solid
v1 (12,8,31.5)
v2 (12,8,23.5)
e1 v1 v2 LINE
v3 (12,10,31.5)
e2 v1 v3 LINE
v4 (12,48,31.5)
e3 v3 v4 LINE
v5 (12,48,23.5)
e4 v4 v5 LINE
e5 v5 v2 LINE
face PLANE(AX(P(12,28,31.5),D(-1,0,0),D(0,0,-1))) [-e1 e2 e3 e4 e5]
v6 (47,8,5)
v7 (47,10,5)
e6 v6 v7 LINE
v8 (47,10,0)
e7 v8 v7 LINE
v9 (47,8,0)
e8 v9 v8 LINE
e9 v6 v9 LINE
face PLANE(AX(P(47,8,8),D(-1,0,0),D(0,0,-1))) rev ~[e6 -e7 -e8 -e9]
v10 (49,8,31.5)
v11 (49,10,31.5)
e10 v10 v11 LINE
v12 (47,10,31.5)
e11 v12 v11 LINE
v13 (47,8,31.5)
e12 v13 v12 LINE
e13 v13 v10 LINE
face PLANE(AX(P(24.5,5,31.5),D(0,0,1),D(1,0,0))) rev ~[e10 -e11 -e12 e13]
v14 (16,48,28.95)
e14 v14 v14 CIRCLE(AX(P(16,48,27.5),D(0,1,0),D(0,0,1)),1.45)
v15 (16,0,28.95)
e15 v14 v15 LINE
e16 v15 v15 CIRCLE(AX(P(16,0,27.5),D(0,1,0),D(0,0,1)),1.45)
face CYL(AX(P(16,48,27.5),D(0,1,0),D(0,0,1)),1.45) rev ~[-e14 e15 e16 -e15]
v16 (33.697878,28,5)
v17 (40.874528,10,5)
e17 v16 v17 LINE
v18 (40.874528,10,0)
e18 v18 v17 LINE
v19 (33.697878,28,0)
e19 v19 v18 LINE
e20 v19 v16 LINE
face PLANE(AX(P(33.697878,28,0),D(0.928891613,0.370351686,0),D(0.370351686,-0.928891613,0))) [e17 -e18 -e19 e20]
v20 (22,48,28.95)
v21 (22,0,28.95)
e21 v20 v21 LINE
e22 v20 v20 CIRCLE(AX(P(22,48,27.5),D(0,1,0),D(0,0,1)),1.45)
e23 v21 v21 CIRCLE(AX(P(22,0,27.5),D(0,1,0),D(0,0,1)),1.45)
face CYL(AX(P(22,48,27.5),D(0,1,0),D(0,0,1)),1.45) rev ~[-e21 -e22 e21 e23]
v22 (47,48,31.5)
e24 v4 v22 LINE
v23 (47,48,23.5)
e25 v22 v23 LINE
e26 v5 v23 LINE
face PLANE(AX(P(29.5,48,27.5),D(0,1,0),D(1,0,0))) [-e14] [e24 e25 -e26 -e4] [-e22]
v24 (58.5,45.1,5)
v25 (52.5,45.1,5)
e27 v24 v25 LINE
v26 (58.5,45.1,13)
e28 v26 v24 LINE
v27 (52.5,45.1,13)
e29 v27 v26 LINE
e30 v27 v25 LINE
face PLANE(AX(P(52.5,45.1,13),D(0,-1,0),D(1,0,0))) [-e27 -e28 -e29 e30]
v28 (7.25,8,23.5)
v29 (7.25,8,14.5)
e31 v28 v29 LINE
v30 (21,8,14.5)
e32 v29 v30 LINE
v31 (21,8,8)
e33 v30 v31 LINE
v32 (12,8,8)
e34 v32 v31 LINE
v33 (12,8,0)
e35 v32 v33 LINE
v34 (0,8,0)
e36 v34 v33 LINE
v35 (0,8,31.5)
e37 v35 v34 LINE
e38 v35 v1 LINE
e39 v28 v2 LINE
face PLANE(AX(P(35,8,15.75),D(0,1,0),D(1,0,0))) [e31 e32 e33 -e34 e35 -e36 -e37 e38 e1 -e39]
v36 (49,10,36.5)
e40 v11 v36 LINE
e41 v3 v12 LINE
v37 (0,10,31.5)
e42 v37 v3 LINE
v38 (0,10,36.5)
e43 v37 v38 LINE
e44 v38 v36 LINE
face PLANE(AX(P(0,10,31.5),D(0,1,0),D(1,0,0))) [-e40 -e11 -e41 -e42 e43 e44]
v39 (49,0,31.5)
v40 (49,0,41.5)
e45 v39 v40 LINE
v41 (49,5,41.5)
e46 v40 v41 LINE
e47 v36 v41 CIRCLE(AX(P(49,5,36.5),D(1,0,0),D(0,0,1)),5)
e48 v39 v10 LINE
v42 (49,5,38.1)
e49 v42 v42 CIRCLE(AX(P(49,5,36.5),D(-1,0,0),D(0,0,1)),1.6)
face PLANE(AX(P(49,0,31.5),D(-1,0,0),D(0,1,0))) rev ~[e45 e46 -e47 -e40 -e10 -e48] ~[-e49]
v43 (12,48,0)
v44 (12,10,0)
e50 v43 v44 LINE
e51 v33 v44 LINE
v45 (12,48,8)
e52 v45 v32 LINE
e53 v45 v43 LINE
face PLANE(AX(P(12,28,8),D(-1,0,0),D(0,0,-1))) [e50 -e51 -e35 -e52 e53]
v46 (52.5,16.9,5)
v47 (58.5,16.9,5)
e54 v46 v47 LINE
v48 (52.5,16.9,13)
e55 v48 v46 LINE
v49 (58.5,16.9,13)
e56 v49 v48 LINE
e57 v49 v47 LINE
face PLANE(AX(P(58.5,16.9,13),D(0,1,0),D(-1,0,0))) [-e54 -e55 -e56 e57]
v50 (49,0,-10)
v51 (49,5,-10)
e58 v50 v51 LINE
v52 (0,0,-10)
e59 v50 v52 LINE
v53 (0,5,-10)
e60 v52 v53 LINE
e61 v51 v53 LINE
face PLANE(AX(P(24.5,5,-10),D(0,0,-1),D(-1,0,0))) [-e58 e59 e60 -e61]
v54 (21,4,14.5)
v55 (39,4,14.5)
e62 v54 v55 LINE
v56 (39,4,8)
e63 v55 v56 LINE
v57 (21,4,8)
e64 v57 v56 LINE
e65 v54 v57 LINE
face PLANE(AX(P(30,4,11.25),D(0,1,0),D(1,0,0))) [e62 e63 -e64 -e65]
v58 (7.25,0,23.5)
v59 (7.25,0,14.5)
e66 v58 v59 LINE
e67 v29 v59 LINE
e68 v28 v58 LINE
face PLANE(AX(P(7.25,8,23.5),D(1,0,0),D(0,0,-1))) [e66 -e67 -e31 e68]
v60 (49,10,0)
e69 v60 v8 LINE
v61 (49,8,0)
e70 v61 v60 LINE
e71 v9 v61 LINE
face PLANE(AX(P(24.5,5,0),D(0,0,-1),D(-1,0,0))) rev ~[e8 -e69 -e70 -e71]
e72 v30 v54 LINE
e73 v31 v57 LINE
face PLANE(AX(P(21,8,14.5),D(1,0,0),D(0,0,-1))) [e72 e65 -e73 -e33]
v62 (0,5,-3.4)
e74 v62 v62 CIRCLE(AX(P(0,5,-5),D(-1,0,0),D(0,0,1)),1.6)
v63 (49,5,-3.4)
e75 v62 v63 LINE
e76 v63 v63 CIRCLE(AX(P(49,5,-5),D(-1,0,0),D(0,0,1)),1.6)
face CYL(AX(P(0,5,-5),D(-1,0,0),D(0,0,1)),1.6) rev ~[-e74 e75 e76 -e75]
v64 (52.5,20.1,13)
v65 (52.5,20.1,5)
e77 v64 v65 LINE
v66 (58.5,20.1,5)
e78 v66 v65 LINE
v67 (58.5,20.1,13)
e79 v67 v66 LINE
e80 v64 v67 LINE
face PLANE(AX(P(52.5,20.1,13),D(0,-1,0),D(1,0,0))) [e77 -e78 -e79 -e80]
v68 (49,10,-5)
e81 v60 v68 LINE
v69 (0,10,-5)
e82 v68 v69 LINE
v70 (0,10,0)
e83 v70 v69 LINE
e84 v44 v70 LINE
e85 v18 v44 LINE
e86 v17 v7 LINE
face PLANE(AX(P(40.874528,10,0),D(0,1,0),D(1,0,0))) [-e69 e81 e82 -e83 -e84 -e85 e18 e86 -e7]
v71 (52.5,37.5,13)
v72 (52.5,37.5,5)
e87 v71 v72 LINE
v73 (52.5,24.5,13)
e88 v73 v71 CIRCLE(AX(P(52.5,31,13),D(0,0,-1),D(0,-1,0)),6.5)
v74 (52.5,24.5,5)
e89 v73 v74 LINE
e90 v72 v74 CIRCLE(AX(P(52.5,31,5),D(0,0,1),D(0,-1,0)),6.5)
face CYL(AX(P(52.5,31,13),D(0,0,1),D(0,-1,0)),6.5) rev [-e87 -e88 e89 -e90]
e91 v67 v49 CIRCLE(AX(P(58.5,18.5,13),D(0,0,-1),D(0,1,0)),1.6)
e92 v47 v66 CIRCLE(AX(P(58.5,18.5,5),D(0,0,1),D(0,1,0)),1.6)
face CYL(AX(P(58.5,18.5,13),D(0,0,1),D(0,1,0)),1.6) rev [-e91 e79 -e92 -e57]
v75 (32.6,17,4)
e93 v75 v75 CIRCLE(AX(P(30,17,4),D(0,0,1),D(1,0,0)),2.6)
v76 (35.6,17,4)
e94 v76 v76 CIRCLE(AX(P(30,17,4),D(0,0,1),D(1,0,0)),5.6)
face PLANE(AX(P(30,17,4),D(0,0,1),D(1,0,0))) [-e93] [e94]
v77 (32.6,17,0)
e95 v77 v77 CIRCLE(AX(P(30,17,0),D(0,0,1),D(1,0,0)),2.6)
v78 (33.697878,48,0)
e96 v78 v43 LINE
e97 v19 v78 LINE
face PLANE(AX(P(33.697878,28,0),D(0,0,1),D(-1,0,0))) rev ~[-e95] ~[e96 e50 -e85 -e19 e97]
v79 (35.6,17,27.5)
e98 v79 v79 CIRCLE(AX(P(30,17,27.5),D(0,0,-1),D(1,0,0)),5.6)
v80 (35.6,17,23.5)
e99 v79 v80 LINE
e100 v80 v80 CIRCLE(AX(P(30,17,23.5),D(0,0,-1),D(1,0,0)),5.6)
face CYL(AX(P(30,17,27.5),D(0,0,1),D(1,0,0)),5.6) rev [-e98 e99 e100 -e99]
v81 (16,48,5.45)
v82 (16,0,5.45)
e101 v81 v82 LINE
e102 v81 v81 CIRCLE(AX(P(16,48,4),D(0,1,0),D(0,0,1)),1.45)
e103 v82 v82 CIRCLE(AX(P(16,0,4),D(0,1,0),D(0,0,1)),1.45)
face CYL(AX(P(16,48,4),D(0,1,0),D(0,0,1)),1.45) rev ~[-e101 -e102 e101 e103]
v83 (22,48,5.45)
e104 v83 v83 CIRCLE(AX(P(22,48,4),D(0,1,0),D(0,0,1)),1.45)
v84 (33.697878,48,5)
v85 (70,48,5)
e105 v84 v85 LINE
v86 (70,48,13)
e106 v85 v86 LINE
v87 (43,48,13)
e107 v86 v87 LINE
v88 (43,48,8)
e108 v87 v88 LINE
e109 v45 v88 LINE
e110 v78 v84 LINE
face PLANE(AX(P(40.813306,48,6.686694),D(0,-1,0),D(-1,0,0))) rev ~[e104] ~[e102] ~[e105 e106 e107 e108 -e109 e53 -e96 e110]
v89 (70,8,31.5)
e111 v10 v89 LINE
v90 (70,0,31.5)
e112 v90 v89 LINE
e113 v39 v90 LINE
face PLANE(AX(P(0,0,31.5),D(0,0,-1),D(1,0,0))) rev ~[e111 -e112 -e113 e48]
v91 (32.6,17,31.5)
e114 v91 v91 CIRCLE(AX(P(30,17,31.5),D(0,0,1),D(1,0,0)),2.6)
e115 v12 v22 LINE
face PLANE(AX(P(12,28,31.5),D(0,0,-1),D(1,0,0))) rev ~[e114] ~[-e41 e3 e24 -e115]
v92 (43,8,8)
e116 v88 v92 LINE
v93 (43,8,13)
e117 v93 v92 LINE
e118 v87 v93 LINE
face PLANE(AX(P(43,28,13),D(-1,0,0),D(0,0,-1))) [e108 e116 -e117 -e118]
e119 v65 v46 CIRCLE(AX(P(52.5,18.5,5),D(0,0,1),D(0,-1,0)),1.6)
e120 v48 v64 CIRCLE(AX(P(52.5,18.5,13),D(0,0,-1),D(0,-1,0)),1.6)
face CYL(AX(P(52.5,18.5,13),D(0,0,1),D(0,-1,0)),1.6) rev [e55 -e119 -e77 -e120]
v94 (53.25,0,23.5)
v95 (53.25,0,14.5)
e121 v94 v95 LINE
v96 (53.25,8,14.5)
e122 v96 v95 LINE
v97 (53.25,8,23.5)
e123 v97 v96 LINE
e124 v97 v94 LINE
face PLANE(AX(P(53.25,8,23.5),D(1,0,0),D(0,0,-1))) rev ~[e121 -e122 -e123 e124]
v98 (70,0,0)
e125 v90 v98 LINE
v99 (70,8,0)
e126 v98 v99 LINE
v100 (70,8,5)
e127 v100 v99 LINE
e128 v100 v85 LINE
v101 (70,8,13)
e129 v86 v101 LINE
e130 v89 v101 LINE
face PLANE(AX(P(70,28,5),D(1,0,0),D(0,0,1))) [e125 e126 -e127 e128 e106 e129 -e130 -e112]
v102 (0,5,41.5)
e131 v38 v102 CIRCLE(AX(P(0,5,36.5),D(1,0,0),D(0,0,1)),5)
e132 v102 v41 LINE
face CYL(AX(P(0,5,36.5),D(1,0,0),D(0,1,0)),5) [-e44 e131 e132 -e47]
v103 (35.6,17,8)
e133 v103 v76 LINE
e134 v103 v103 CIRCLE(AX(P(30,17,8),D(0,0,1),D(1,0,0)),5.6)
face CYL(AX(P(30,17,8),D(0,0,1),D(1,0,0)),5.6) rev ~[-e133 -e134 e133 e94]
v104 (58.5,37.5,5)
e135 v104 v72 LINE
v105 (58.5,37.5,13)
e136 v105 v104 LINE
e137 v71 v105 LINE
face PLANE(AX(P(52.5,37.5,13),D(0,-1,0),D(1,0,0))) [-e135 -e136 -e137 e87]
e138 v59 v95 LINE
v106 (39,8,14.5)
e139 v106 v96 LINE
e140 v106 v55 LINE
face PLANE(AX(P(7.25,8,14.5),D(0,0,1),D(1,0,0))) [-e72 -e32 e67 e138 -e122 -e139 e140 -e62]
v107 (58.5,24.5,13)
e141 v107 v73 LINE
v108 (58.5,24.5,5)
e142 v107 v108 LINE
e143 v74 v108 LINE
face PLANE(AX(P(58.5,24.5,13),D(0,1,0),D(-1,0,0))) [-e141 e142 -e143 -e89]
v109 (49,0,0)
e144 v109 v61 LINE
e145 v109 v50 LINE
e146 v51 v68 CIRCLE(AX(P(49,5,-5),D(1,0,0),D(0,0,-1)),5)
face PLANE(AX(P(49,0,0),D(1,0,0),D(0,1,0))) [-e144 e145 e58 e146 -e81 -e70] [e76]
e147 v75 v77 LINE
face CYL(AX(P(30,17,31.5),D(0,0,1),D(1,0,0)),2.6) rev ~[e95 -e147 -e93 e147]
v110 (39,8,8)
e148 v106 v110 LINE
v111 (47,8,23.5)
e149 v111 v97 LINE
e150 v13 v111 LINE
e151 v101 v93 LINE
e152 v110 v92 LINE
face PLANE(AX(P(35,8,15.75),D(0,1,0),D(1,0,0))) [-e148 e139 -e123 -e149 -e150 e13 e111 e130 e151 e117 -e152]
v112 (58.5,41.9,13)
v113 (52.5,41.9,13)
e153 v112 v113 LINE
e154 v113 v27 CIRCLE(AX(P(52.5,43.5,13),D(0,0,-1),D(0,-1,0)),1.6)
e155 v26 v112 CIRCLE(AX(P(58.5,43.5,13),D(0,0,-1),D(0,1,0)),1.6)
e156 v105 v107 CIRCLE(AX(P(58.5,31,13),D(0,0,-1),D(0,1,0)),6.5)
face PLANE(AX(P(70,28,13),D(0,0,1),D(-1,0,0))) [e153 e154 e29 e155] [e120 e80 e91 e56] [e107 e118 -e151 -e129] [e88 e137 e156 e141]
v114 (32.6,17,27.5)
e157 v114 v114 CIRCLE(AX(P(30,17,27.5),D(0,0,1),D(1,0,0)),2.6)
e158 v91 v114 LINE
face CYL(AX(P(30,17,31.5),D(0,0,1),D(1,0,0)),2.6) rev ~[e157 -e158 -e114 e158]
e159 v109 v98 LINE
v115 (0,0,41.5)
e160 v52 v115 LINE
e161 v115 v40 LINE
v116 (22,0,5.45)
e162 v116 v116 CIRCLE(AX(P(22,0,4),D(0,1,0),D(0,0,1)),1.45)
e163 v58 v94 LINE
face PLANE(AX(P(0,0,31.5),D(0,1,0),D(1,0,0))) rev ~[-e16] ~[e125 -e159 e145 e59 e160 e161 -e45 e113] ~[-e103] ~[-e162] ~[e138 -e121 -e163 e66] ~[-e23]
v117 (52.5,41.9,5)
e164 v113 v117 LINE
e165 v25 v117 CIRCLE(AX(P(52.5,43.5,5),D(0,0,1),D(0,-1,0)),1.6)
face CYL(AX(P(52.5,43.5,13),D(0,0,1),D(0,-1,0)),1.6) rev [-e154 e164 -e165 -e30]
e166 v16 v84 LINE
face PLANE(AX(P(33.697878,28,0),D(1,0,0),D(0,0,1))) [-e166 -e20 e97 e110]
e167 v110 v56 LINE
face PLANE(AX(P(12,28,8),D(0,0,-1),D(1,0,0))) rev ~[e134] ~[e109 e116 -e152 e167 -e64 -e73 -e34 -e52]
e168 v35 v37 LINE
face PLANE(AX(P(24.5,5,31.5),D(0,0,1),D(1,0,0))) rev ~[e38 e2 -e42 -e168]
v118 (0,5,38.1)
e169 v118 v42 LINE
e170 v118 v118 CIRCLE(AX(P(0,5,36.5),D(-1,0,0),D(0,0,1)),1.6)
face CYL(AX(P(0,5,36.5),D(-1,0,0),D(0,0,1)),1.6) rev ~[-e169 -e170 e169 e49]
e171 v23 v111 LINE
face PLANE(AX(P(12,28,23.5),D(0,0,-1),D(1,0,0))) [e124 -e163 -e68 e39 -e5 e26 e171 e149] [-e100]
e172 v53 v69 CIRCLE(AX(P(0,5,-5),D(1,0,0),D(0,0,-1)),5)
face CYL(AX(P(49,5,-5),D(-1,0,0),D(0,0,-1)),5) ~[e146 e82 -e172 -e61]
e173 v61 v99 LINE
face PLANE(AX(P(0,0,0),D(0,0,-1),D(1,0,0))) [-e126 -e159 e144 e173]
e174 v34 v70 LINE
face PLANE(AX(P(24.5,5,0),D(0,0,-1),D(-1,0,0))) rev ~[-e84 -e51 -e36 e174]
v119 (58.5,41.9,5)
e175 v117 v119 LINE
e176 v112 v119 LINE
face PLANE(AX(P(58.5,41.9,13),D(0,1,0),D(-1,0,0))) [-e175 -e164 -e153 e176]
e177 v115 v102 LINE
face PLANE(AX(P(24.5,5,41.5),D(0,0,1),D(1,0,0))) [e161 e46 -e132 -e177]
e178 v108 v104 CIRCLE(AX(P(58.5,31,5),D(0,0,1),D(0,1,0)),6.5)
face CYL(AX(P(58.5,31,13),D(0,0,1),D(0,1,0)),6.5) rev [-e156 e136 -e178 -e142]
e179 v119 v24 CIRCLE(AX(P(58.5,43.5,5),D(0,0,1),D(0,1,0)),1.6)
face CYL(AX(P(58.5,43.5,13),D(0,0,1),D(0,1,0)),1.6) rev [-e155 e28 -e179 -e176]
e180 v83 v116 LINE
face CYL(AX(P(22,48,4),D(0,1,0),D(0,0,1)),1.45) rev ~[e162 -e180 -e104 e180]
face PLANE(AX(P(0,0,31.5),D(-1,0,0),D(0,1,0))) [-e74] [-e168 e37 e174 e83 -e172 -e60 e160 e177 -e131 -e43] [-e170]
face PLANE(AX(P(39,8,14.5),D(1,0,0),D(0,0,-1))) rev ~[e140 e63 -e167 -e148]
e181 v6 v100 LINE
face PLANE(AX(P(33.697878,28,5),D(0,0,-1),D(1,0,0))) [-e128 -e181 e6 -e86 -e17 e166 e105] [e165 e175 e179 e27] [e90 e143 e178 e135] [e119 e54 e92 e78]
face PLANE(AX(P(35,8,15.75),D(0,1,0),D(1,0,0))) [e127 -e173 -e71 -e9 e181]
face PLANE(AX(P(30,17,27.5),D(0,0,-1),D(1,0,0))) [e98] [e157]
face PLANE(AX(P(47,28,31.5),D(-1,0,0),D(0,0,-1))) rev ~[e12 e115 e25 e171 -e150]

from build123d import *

# Parameters (mm, degrees)
SKETCH1_W           = 70
SKETCH1_H           = 31.5
BOSS_EXTRUDE1_DEPTH = 8
SKETCH2_W           = 35
SKETCH2_H           = 8
BOSS_EXTRUDE2_DEPTH = 20
SKETCH3_R           = 2.6
CUT_EXTRUDE1_DEPTH  = 82.70832271
SKETCH4_W           = 49
SKETCH4_H           = 10
BOSS_EXTRUDE3_DEPTH = 10
SKETCH5_R           = 1.6
CUT_EXTRUDE2_DEPTH  = 82.70832271
SKETCH6_W           = 46
SKETCH6_H           = 9
CUT_EXTRUDE3_DEPTH  = 80.323703897
SKETCH7_R           = 5.6
CUT_EXTRUDE4_DEPTH  = 4
CUT_EXTRUDE5_START  = -4
SKETCH8_R           = 5.6
CUT_EXTRUDE5_DEPTH  = 4
SKETCH9_W           = 18
SKETCH9_H           = 6.5
CUT_EXTRUDE6_DEPTH  = 4
BOSS_EXTRUDE5_DEPTH = 20
CUT_EXTRUDE10_DEPTH = 5
BOSS_EXTRUDE6_DEPTH = 20
CUT_EXTRUDE11_DEPTH = 88.93747779
SKETCH17_W          = 49
SKETCH17_H          = 10
BOSS_EXTRUDE7_DEPTH = 10
SKETCH18_R          = 1.6
CUT_EXTRUDE12_DEPTH = 95.478833608
SKETCH19_W          = 35
SKETCH19_H          = 8
BOSS_EXTRUDE8_DEPTH = 20
SKETCH23_R          = 1.45
CUT_EXTRUDE13_DEPTH = 95.478833608
FILLET1_R           = 5


with BuildPart() as part:
    # Sketch1 → Boss-Extrude1 (new body)
    with BuildSketch(Plane(origin=(0, 0, 0), x_dir=(1, 0, 0), z_dir=(0, 1, 0))):
        with Locations((35, -15.75)):
            Rectangle(SKETCH1_W, SKETCH1_H)
    extrude(amount=BOSS_EXTRUDE1_DEPTH)

    # Sketch2 → Boss-Extrude2 (add)
    with BuildSketch(Plane(origin=(0, 8, 0), x_dir=(1, 0, 0), z_dir=(0, 1, 0))):
        with Locations((29.5, -27.5)):
            Rectangle(SKETCH2_W, SKETCH2_H)
        with Locations((29.5, -4)):
            Rectangle(SKETCH2_W, SKETCH2_H)
    extrude(amount=BOSS_EXTRUDE2_DEPTH)

    # Sketch3 → Cut-Extrude1 (cut, through all)
    with BuildSketch(Plane.XY.offset(31.5)):
        with Locations((30, 17)):
            Circle(SKETCH3_R)
    extrude(amount=-CUT_EXTRUDE1_DEPTH, mode=Mode.SUBTRACT)

    # Sketch4 → Boss-Extrude3 (add)
    with BuildSketch(Plane(origin=(0, 0, 0), x_dir=(-1, 0, 0), z_dir=(0, 0, -1))):
        with Locations((-24.5, 5)):
            Rectangle(SKETCH4_W, SKETCH4_H)
    extrude(amount=BOSS_EXTRUDE3_DEPTH)

    # Sketch5 → Cut-Extrude2 (cut, through all)
    with BuildSketch(Plane.ZY):
        with Locations((-5, 5)):
            Circle(SKETCH5_R)
    extrude(amount=-CUT_EXTRUDE2_DEPTH, mode=Mode.SUBTRACT)

    # Sketch6 → Cut-Extrude3 (cut, through all)
    with BuildSketch(Plane(origin=(0, 8, 0), x_dir=(1, 0, 0), z_dir=(0, 1, 0))):
        with Locations((30.25, -19)):
            Rectangle(SKETCH6_W, SKETCH6_H)
    extrude(amount=-CUT_EXTRUDE3_DEPTH, mode=Mode.SUBTRACT)

    # Sketch7 → Cut-Extrude4 (cut)
    with BuildSketch(Plane.XY.offset(8)):
        with Locations((30, 17)):
            Circle(SKETCH7_R)
    extrude(amount=-CUT_EXTRUDE4_DEPTH, mode=Mode.SUBTRACT)

    # Sketch8 → Cut-Extrude5 (cut)
    with BuildSketch(Plane(origin=(0, 0, 23.5), x_dir=(-1, 0, 0), z_dir=(0, 0, -1)).offset(CUT_EXTRUDE5_START)):
        with Locations(Location((-30, 17, 0), (0, 0, 180))):
            Circle(SKETCH8_R)
    extrude(amount=CUT_EXTRUDE5_DEPTH, mode=Mode.SUBTRACT)

    # Sketch9 → Cut-Extrude6 (cut)
    with BuildSketch(Plane(origin=(0, 8, 0), x_dir=(1, 0, 0), z_dir=(0, 1, 0))):
        with Locations((30, -11.25)):
            Rectangle(SKETCH9_W, SKETCH9_H)
    extrude(amount=-CUT_EXTRUDE6_DEPTH, mode=Mode.SUBTRACT)

    # Sketch13 → Boss-Extrude5 (add)
    with BuildSketch(Plane(origin=(0, 8, 0), x_dir=(1, 0, 0), z_dir=(0, 1, 0))):
        Polygon((70, -13), (43, -13), (43, -8), (47, -8), (47, -5), (70, -5), align=None)
    extrude(amount=BOSS_EXTRUDE5_DEPTH)

    # Sketch14 → Cut-Extrude10 (cut)
    with BuildSketch(Plane(origin=(0, 0, 0), x_dir=(-1, 0, 0), z_dir=(0, 0, -1))):
        Polygon((-33.697877871, 28), (-40.874528252, 10), (-47, 10), (-47, 28), align=None)
    extrude(amount=-CUT_EXTRUDE10_DEPTH, mode=Mode.SUBTRACT)

    # Sketch15 → Boss-Extrude6 (add)
    with BuildSketch(Plane(origin=(0, 28, 0), x_dir=(1, 0, 0), z_dir=(0, 1, 0))):
        Polygon((70, -5), (70, -13), (43, -13), (43, -8), (33.697877871, -8), (24.157827733, -8), (12, -8), (12, 0), (24.157827733, 0), (33.697877871, 0), (33.697877871, -5), align=None)
    extrude(amount=BOSS_EXTRUDE6_DEPTH)

    # Sketch16 → Cut-Extrude11 (cut, through all)
    with BuildSketch(Plane.XY.offset(13)):
        with BuildLine():
            Line((52.5, 37.5), (58.5, 37.5))
            ThreePointArc((58.5, 37.5), (65, 31), (58.5, 24.5))
            Line((58.5, 24.5), (52.5, 24.5))
            ThreePointArc((52.5, 24.5), (46, 31), (52.5, 37.5))
        make_face()
        with BuildLine():
            Line((52.5, 45.1), (58.5, 45.1))
            ThreePointArc((58.5, 45.1), (60.1, 43.5), (58.5, 41.9))
            Line((58.5, 41.9), (52.5, 41.9))
            ThreePointArc((52.5, 41.9), (50.9, 43.5), (52.5, 45.1))
        make_face()
        with BuildLine():
            Line((52.5, 20.1), (58.5, 20.1))
            ThreePointArc((58.5, 20.1), (60.1, 18.5), (58.5, 16.9))
            Line((58.5, 16.9), (52.5, 16.9))
            ThreePointArc((52.5, 16.9), (50.9, 18.5), (52.5, 20.1))
        make_face()
    extrude(amount=-CUT_EXTRUDE11_DEPTH, mode=Mode.SUBTRACT)

    # Sketch17 → Boss-Extrude7 (add)
    with BuildSketch(Plane.XY.offset(31.5)):
        with Locations((24.5, 5)):
            Rectangle(SKETCH17_W, SKETCH17_H)
    extrude(amount=BOSS_EXTRUDE7_DEPTH)

    # Sketch18 → Cut-Extrude12 (cut, through all)
    with BuildSketch(Plane.ZY):
        with Locations((36.5, 5)):
            Circle(SKETCH18_R)
    extrude(amount=-CUT_EXTRUDE12_DEPTH, mode=Mode.SUBTRACT)

    # Sketch19 → Boss-Extrude8 (add)
    with BuildSketch(Plane(origin=(0, 28, 0), x_dir=(1, 0, 0), z_dir=(0, 1, 0))):
        with Locations((29.5, -27.5)):
            Rectangle(SKETCH19_W, SKETCH19_H)
    extrude(amount=BOSS_EXTRUDE8_DEPTH)

    # Sketch23 → Cut-Extrude13 (cut, through all)
    with BuildSketch(Plane(origin=(0, 48, 0), x_dir=(1, 0, 0), z_dir=(0, 1, 0))):
        with Locations(Location((16, -27.5, 0), (0, 0, 270))):
            Circle(SKETCH23_R)
        with Locations(Location((16, -4, 0), (0, 0, 270))):
            Circle(SKETCH23_R)
        with Locations(Location((22, -27.5, 0), (0, 0, 270))):
            Circle(SKETCH23_R)
        with Locations(Location((22, -4, 0), (0, 0, 270))):
            Circle(SKETCH23_R)
    extrude(amount=-CUT_EXTRUDE13_DEPTH, mode=Mode.SUBTRACT)

    # Fillet1
    fillet1_edges = [part.edges().sort_by_distance(p)[0] for p in [
        (24.5, 10, 41.5),
        (24.5, 10, -10),
    ]]
    fillet(fillet1_edges, radius=FILLET1_R)


solid = part.part
